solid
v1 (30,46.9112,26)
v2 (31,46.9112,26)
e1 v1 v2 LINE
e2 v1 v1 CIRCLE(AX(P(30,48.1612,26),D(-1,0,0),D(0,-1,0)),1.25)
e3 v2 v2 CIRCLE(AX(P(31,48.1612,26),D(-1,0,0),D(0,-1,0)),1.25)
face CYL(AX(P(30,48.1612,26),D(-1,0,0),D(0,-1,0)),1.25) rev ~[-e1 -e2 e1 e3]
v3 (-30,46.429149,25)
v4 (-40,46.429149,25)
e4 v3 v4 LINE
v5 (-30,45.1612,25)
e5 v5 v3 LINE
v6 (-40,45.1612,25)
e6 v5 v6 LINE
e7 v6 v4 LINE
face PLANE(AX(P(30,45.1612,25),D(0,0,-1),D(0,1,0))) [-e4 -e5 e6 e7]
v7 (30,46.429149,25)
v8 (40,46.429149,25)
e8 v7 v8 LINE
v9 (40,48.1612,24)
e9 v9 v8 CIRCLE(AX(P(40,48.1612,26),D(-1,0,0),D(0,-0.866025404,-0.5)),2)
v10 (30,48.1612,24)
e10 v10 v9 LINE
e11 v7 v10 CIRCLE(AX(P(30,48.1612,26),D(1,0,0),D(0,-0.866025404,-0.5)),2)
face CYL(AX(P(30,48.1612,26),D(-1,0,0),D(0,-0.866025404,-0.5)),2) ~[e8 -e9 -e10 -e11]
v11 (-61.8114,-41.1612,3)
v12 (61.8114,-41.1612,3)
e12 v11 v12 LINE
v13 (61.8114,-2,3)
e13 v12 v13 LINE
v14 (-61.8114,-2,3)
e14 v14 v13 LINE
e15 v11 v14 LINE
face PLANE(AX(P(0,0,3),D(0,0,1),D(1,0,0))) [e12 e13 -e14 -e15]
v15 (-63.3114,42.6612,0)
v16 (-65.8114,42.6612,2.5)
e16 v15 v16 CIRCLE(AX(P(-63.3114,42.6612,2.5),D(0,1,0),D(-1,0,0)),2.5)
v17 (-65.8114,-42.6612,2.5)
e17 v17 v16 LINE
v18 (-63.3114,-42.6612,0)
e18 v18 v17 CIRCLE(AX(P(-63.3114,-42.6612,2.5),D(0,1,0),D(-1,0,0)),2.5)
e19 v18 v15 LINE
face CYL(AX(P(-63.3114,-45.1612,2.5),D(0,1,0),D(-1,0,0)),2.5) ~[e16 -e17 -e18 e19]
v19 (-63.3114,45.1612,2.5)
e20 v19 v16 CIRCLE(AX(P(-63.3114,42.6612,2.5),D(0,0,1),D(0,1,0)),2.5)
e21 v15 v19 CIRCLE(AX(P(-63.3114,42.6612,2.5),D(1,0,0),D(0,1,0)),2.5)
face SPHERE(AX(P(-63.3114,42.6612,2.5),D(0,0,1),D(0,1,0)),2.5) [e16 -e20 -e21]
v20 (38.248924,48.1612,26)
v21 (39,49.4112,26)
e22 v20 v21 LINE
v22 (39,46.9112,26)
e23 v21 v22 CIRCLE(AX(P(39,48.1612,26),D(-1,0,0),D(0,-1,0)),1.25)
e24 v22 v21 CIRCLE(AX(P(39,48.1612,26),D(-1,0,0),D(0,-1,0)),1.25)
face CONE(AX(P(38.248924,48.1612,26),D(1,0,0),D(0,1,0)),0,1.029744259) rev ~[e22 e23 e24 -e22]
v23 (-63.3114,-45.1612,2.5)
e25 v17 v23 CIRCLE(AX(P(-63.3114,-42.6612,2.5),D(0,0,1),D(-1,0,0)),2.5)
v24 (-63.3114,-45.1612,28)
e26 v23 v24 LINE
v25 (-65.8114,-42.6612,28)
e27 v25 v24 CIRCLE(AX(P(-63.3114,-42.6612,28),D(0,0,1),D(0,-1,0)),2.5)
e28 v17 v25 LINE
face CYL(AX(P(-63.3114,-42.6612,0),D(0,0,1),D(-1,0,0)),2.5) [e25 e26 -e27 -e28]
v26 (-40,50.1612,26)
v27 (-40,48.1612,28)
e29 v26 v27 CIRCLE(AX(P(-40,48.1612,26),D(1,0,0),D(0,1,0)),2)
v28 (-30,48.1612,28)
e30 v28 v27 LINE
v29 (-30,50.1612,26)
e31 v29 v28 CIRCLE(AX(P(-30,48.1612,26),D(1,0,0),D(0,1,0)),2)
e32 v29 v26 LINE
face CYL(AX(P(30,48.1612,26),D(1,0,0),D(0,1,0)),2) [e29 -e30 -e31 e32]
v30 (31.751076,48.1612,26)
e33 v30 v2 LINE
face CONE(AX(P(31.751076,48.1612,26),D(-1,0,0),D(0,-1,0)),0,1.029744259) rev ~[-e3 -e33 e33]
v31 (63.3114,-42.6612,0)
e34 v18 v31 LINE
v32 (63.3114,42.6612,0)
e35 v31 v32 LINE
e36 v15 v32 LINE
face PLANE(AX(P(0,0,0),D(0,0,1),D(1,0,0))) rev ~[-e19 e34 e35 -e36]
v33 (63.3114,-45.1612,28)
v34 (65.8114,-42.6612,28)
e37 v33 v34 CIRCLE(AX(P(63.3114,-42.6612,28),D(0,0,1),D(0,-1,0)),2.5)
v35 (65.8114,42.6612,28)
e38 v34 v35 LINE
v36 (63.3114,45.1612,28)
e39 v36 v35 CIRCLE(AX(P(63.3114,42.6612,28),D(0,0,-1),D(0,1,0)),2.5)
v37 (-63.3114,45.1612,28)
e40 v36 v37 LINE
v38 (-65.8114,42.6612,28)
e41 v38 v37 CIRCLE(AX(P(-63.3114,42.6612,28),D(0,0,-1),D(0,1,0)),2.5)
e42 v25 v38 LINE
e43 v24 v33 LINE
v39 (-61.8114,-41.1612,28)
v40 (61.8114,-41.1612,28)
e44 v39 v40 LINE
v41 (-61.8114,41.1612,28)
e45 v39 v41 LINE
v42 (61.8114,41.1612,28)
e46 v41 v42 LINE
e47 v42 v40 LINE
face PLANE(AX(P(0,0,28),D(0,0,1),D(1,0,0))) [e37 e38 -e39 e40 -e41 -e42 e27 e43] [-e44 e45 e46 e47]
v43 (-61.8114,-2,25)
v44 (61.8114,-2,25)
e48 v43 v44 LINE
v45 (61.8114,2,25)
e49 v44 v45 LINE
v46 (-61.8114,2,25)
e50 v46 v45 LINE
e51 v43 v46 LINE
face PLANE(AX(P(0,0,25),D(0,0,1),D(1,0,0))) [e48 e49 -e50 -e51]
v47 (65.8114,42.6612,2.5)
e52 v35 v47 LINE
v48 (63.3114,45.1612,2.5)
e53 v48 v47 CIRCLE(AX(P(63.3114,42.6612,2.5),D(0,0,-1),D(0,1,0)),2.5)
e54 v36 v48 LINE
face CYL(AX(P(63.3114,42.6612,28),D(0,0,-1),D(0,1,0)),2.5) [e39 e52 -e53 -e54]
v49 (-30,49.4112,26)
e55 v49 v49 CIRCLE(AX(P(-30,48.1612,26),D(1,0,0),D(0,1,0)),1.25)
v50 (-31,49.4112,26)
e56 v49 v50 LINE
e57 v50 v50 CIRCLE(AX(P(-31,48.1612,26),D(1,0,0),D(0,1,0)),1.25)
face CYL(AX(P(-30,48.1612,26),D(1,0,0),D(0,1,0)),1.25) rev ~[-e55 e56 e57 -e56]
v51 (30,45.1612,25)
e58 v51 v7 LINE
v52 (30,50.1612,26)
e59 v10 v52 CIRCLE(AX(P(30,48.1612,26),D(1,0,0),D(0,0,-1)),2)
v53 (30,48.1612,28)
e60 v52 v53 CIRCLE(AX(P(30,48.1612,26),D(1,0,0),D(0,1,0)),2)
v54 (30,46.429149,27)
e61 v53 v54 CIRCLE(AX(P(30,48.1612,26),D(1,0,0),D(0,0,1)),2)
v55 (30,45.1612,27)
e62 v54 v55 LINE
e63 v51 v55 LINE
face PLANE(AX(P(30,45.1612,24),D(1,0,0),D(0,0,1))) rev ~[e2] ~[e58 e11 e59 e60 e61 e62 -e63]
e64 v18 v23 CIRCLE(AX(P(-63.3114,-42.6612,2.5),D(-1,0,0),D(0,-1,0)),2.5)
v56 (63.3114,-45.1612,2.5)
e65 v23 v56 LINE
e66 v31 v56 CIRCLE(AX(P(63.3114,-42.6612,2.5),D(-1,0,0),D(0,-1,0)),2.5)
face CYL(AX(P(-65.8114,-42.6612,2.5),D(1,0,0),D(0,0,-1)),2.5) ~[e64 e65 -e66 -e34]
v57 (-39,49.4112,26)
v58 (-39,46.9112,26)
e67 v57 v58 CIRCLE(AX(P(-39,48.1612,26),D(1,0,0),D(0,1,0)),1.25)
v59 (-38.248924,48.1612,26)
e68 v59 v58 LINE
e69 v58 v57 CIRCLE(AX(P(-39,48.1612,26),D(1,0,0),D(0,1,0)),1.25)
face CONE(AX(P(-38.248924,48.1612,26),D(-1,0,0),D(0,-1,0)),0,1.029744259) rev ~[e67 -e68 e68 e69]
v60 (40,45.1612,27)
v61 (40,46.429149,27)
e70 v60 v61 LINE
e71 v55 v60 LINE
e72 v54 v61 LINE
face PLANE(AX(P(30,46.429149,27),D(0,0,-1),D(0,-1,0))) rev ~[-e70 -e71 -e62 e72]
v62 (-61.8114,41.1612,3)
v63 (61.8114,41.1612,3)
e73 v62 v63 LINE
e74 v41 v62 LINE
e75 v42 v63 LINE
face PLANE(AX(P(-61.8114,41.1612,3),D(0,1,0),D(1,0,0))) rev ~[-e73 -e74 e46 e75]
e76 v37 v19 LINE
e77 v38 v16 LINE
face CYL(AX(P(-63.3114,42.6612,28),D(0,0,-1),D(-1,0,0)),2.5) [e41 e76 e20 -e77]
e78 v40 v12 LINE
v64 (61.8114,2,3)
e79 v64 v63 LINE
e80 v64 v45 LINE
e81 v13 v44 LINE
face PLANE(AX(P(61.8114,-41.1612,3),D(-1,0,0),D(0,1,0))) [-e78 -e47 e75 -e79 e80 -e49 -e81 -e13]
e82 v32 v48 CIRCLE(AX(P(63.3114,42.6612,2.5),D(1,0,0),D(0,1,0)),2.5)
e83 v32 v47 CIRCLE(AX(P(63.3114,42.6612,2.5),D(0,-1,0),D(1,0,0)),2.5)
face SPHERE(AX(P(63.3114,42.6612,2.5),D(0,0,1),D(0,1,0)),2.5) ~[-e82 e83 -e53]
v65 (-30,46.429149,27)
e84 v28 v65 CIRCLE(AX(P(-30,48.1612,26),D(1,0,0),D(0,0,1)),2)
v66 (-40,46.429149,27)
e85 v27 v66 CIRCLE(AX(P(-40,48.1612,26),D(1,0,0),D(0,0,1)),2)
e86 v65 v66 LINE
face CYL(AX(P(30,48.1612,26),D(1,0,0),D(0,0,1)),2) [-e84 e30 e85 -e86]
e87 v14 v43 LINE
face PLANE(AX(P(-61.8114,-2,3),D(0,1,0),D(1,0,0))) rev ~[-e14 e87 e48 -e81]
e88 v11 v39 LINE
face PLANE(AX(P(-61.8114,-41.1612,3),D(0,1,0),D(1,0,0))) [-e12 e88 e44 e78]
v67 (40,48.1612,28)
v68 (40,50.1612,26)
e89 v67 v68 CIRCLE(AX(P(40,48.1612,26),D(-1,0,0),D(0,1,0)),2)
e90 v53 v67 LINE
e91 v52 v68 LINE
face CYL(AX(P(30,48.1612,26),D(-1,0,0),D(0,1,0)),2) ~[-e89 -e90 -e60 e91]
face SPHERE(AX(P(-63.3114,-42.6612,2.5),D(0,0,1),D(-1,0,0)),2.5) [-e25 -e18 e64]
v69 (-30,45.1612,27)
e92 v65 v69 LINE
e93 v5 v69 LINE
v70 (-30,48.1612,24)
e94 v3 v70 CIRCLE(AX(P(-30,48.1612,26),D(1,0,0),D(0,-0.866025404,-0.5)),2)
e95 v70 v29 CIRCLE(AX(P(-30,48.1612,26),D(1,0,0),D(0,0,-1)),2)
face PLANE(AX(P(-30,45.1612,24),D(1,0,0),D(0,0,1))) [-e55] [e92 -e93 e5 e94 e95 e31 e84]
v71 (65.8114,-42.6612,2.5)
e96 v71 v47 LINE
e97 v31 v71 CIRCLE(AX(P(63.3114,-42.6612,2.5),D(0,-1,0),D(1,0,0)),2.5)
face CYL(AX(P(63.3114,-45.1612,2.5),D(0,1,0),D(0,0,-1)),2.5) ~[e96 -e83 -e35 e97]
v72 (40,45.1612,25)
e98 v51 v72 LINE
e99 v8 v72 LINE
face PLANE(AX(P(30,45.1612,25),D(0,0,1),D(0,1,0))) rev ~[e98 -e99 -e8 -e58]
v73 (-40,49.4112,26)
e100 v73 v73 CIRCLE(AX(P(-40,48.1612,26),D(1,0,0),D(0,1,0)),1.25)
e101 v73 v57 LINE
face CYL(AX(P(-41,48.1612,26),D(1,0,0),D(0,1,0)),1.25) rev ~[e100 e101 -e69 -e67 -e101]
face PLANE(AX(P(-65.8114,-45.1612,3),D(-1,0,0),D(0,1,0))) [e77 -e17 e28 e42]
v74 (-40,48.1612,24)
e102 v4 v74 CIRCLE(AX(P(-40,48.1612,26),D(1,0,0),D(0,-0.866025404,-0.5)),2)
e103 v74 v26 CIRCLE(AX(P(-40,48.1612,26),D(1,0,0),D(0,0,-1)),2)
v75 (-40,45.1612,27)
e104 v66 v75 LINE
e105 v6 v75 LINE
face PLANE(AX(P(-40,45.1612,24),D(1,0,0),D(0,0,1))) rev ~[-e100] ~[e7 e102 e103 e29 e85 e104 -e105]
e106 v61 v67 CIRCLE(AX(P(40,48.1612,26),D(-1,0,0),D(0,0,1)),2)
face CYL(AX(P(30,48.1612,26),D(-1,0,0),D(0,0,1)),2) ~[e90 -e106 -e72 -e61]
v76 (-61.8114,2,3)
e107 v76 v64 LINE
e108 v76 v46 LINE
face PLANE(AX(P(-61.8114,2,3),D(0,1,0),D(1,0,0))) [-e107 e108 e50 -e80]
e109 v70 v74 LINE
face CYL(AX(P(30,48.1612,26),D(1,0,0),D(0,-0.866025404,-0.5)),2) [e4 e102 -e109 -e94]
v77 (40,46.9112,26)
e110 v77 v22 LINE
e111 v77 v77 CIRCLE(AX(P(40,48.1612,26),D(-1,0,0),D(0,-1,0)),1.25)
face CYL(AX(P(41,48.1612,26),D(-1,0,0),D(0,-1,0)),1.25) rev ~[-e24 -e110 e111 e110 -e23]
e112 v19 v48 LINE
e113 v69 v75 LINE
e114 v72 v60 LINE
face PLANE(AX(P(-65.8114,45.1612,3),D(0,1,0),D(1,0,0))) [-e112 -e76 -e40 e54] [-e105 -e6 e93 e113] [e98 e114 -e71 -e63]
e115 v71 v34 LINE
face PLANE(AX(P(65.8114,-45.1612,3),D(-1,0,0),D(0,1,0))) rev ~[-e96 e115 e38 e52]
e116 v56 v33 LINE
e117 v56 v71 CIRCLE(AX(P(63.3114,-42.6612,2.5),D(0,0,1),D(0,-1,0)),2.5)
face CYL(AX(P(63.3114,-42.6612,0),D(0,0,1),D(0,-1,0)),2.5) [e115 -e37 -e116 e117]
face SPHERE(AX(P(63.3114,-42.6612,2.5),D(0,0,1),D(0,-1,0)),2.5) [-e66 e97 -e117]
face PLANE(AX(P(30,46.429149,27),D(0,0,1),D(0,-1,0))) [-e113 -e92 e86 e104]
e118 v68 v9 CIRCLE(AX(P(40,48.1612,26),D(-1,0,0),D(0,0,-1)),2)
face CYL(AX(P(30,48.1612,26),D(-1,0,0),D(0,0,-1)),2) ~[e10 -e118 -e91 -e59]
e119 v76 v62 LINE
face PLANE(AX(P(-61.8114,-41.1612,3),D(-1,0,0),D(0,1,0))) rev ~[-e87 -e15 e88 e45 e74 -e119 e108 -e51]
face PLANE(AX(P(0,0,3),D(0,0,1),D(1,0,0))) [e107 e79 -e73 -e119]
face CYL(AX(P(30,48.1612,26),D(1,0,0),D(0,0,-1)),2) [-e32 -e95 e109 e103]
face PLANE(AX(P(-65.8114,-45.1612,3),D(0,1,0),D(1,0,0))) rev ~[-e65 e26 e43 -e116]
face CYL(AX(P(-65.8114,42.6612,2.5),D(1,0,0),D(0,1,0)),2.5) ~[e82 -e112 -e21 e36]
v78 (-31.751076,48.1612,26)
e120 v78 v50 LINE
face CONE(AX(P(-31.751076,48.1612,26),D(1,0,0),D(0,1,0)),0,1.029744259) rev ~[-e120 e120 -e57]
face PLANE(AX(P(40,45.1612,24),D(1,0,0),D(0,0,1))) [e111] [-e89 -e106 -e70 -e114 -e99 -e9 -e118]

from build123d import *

# Parameters (mm, degrees)
F0_W           = 131.6228
F0_H           = 90.3224
F1_DEPTH       = 3
F2_W           = 131.6228
F2_H           = 90.3224
F2_W_2         = 123.6228
F2_H_2         = 82.3224
F3_DEPTH       = 25
F4_W           = 123.6228
F4_H           = 4
F5_DEPTH       = 25
F6_R           = 2.5
F7_W           = 10
F7_H           = 4
F8_DEPTH       = 5
F10_DEPTH      = 25
F10_DEPTH_BACK = 95.8124
F12_D          = 2.5
F12_DEPTH      = 1
F12_TIP        = 0.7510757738
F14_D          = 2.5
F14_DEPTH      = 1
F14_TIP        = 0.7510757738
F16_D          = 2.5
F16_DEPTH      = 1
F16_TIP        = 0.7510757738
F18_D          = 2.5
F18_DEPTH      = 1
F18_TIP        = 0.7510757738
F19_W          = 123.6228
F19_H          = 82.3224
F20_DEPTH      = 3


with BuildPart() as f1:
    # F0 (on Top) → F1 (new body)
    with BuildSketch(Plane.XY):
        Rectangle(F0_W, F0_H)
    extrude(amount=F1_DEPTH)

    # F2 (on face) → F3 (join)
    with BuildSketch(Plane.XY.offset(3)):
        Rectangle(F2_W, F2_H)
        Rectangle(F2_W_2, F2_H_2, mode=Mode.SUBTRACT)
    extrude(amount=F3_DEPTH)

    # F4 (on face) → F5 (join)
    with BuildSketch(Plane.XY.offset(3)):
        Rectangle(F4_W, F4_H)
    extrude(amount=F5_DEPTH)

    # F6
    f6_edges = [f1.edges().sort_by_distance(p)[0] for p in [
        (65.8114, 45.1612, 14),
        (65.8114, -45.1612, 14),
        (-65.8114, -45.1612, 14),
        (-65.8114, 45.1612, 14),
        (0, 45.1612, 0),
        (-65.8114, 0, 0),
        (0, -45.1612, 0),
        (65.8114, 0, 0),
    ]]
    fillet(f6_edges, radius=F6_R)

    # F7 (on face) → F8 (join)
    with BuildSketch(Plane(origin=(0, 45.1612, 0), x_dir=(-1, 0, 0), z_dir=(0, 1, 0))):
        with Locations((-35, 26)):
            Rectangle(F7_W, F7_H)
        with Locations((35, 26)):
            Rectangle(F7_W, F7_H)
    extrude(amount=F8_DEPTH)

    # F9 (on face) → F10 (cut, two sides)
    with BuildSketch(Plane(origin=(30, 0, 0), x_dir=(0, -1, 0), z_dir=(-1, 0, 0))) as f10_sk:
        with BuildLine():
            ThreePointArc((-50.1612, 26), (-49.5754135624, 27.4142135624), (-48.1612, 28))
            Line((-48.1612, 28), (-50.1612, 28))
            Line((-50.1612, 28), (-50.1612, 26))
        make_face()
        with BuildLine():
            Line((-50.1612, 24), (-48.1612, 24))
            ThreePointArc((-48.1612, 24), (-49.5754135624, 24.5857864376), (-50.1612, 26))
            Line((-50.1612, 26), (-50.1612, 24))
        make_face()
        with BuildLine():
            Line((-45.1612, 25), (-46.4291491924, 25))
            ThreePointArc((-46.4291491924, 25), (-47.1612, 24.2679491924), (-48.1612, 24))
            Line((-48.1612, 24), (-45.1612, 24))
            Line((-45.1612, 24), (-45.1612, 25))
        make_face()
        with BuildLine():
            ThreePointArc((-48.1612, 28), (-47.1612, 27.7320508076), (-46.4291491924, 27))
            Line((-46.4291491924, 27), (-45.1612, 27))
            Line((-45.1612, 27), (-45.1612, 28))
            Line((-45.1612, 28), (-48.1612, 28))
        make_face()
    extrude(amount=-F10_DEPTH, mode=Mode.SUBTRACT)
    extrude(f10_sk.sketch, amount=F10_DEPTH_BACK, mode=Mode.SUBTRACT)

    # F12 (one way)
    with BuildSketch(Plane(origin=(30, 0, 0), x_dir=(0, -1, 0), z_dir=(-1, 0, 0))):
        with Locations((-48.1612, 26)):
            Circle(F12_D / 2)
    extrude(amount=-F12_DEPTH, mode=Mode.SUBTRACT)
    with Locations(Plane(origin=(30, 0, 0), x_dir=(0, -1, 0), z_dir=(-1, 0, 0))):
        with Locations((-48.1612, 26)):
            with Locations((0, 0, -(F12_DEPTH + F12_TIP / 2))):  # 118° drill point
                Cone(0, F12_D / 2, F12_TIP, mode=Mode.SUBTRACT)

    # F14
    with Locations(Plane.YZ.offset(40)):
        with Locations((48.1612, 26)):
            Hole(F14_D / 2, depth=F14_DEPTH)
            with Locations((0, 0, -(F14_DEPTH + F14_TIP / 2))):  # 118° drill point
                Cone(0, F14_D / 2, F14_TIP, mode=Mode.SUBTRACT)

    # F16 (one way)
    with BuildSketch(Plane.YZ.offset(-30)):
        with Locations((48.1612, 26)):
            Circle(F16_D / 2)
    extrude(amount=-F16_DEPTH, mode=Mode.SUBTRACT)
    with Locations(Plane.YZ.offset(-30)):
        with Locations((48.1612, 26)):
            with Locations((0, 0, -(F16_DEPTH + F16_TIP / 2))):  # 118° drill point
                Cone(0, F16_D / 2, F16_TIP, mode=Mode.SUBTRACT)

    # F18
    with Locations(Plane(origin=(-40, 0, 0), x_dir=(0, -1, 0), z_dir=(-1, 0, 0))):
        with Locations((-48.1612, 26)):
            Hole(F18_D / 2, depth=F18_DEPTH)
            with Locations((0, 0, -(F18_DEPTH + F18_TIP / 2))):  # 118° drill point
                Cone(0, F18_D / 2, F18_TIP, mode=Mode.SUBTRACT)

    # F19 (on face) → F20 (cut)
    with BuildSketch(Plane.XY.offset(28)):
        Rectangle(F19_W, F19_H)
    extrude(amount=-F20_DEPTH, mode=Mode.SUBTRACT)


solid = f1.part
